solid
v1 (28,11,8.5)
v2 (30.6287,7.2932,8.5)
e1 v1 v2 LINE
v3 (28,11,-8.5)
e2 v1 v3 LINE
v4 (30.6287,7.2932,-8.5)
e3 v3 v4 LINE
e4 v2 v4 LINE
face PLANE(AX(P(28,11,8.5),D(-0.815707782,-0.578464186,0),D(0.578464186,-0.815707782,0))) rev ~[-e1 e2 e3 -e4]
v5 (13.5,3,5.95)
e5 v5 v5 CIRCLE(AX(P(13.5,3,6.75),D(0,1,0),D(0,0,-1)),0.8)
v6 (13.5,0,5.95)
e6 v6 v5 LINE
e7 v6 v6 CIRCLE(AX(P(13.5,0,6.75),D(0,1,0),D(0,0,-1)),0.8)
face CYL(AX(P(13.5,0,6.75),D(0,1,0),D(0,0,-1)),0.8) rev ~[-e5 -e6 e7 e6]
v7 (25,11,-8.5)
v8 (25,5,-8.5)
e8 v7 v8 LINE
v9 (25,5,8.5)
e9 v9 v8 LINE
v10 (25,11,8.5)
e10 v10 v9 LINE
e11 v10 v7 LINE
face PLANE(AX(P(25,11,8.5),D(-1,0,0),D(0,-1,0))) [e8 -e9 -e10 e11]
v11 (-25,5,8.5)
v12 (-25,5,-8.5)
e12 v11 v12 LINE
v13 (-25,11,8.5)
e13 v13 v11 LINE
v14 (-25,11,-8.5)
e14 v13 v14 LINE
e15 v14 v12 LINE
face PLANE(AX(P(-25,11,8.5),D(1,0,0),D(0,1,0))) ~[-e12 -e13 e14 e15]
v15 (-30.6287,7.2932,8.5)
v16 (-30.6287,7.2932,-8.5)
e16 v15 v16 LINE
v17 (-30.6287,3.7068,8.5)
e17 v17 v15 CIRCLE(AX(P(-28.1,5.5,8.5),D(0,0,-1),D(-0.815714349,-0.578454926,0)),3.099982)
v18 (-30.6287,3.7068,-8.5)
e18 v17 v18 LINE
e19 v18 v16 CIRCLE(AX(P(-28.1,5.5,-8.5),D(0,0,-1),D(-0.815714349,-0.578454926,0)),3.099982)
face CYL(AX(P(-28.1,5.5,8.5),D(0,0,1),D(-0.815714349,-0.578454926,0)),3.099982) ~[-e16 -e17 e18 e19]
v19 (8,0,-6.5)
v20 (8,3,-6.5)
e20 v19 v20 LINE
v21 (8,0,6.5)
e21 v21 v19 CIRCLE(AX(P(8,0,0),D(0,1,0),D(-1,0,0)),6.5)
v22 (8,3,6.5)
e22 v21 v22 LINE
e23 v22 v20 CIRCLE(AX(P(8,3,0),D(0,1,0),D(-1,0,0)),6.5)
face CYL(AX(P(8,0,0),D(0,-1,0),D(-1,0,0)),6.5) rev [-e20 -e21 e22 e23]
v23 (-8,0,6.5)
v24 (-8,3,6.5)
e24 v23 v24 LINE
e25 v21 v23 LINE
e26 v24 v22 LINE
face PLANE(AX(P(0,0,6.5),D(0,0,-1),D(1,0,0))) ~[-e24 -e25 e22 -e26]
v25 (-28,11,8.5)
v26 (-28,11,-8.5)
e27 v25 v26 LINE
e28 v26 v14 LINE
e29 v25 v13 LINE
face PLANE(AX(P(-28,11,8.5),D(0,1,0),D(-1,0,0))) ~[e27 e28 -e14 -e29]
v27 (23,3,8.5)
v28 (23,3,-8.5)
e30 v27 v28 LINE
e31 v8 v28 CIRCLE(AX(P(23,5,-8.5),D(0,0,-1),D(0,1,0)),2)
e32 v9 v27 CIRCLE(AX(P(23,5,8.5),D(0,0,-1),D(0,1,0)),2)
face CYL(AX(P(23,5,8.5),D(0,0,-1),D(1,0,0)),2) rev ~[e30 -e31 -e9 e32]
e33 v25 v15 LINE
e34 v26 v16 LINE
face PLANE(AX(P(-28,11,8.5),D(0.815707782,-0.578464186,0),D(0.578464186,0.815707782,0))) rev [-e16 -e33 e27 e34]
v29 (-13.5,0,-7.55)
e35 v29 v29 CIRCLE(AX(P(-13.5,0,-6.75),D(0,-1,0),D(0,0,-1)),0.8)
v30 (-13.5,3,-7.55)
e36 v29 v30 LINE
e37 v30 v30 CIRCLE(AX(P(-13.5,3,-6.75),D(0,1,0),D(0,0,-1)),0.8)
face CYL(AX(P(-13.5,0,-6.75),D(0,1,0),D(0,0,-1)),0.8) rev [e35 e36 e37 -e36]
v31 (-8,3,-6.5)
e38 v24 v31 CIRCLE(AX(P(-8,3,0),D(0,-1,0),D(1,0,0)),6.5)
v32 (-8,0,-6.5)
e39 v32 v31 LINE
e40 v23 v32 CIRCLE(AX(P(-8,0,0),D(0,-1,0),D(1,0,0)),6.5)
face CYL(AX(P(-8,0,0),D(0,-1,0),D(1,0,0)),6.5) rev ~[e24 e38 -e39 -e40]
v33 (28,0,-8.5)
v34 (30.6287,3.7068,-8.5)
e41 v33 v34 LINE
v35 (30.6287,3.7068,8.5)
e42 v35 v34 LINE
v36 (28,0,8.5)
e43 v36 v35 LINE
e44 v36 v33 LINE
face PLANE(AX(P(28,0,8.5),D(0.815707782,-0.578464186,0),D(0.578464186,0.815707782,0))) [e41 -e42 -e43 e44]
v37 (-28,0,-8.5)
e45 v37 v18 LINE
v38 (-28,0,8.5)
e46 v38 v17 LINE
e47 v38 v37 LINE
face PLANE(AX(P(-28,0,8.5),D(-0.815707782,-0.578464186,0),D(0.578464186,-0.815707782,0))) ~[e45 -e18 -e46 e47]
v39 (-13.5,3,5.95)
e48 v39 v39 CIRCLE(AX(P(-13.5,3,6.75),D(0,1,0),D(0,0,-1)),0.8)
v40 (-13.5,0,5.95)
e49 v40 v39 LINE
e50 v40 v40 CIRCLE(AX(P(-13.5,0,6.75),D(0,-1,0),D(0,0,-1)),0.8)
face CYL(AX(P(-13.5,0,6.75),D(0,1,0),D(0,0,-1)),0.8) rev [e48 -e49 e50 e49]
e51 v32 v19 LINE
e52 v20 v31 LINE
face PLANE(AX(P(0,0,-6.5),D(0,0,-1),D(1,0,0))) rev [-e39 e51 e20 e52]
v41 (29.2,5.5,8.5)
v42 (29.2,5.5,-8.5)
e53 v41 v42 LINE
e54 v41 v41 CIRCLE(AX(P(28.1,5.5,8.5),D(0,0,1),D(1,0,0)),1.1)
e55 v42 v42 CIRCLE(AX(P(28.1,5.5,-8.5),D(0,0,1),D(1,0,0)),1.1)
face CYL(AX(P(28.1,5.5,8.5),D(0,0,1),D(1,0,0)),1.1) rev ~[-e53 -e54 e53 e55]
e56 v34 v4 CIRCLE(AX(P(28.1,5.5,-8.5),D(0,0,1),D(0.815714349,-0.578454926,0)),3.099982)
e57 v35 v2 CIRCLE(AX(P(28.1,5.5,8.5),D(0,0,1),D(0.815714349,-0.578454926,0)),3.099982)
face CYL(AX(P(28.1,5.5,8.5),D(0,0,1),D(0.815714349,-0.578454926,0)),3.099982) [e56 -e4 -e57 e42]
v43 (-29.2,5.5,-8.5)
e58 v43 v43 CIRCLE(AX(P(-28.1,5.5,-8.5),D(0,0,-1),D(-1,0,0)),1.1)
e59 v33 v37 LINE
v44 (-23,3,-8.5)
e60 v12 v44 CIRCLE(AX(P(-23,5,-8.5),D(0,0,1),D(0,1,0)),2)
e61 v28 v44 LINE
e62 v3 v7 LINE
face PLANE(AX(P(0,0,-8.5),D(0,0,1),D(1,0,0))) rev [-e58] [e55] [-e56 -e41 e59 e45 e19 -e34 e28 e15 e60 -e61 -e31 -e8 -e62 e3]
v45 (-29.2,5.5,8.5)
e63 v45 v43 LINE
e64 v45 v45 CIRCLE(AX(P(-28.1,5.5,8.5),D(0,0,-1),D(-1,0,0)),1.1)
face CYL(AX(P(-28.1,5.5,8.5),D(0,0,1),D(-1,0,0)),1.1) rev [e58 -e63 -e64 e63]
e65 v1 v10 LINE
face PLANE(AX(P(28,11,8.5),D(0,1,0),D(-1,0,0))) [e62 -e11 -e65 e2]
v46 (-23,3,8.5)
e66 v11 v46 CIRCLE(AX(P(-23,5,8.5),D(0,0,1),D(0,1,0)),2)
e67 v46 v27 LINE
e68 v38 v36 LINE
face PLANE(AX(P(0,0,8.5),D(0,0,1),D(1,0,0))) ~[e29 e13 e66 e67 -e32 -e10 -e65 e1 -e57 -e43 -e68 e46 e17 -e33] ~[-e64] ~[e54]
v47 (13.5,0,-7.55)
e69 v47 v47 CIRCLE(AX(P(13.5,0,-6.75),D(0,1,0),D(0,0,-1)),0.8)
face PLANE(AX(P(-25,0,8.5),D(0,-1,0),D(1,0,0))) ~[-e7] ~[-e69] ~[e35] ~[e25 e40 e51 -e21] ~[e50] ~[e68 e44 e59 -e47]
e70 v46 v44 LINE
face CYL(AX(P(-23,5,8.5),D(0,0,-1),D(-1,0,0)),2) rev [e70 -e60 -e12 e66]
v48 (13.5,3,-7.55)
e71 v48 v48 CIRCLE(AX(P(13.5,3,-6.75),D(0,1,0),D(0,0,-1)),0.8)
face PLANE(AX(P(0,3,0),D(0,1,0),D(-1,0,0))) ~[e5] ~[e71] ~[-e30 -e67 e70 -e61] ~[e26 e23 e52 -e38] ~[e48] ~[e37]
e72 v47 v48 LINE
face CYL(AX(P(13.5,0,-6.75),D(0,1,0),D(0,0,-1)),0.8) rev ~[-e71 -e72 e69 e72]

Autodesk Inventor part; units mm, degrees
ref_plane "YZ Plane" through (0, 0, 0) normal (1, 0, 0) x (0, 1, 0)
ref_plane "XZ Plane" through (0, 0, 0) normal (0, 1, 0) x (-1, 0, 0)
ref_plane "XY Plane" through (0, 0, 0) normal (0, 0, 1) x (1, 0, 0)
sketch "スケッチ1" plane through (0, 0, 0) normal (0, 1, 0) x (-1, 0, 0)
  line L0 (0, 6.75) -> (-13.5, 6.75) construction
  line L1 (-13.5, 6.75) -> (-13.5, -6.75) construction
  line L2 (-13.5, -6.75) -> (0, -6.75) construction
  line L3 (0, -6.75) -> (0, 6.75) construction
  circle A0 centre (-8, 0) radius 6.5
  line L4 (0, 8.5) -> (-25, 8.5)
  line L5 (-25, 8.5) -> (-25, -8.5)
  line L6 (-25, -8.5) -> (0, -8.5)
  line L7 (0, -8.5) -> (0, 8.5)
  line L8 (-25, 8.5) -> (-27.8, 8.5)
  line L9 (-27.8, 8.5) -> (-27.8, -8.5)
  line L10 (-27.8, -8.5) -> (-25, -8.5)
  line L11 (-25, -8.5) -> (-25, 8.5)
  line L12 (0, 6.5) -> (-8, 6.5)
  line L13 (0, -6.5) -> (-8, -6.5)
  point P0 (0, 0)
  point P1 (0, 0)
  dimension "d0" = 13.5
  dimension "d1" = 13.5
  dimension "d2" = 8
  dimension "d3" = 13
  dimension "d4" = 17
  dimension "d5" = 25
  dimension "d6" = 2.8
extrude "押し出し1" add sketch "スケッチ1" along normal blind 3 contours A0 L13 L7 L6 L5 L4 L12
hole "穴1" at (13.5, 0, -6.75) at (13.5, 0, 6.75) direction (0, 1, 0) diameter 1.6 end through all clearance for "Flat Head Machine Screw (82)" size "#0" standard "Ansi Unified Screw Threads"
sketch "スケッチ2" plane through (0, 0, 8.5) normal (0, 0, 1) x (1, 0, 0)
  line L0 (25, 0) -> (25, 3) projected
  line L1 (0, 3) -> (25, 3) projected
  line L2 (25, 0) -> (28, 0)
  line L3 (28, 0) -> (28, 11) construction
  line L4 (28, 11) -> (25, 11)
  line L5 (25, 11) -> (25, 0)
  circle A0 centre (28.1, 5.5) radius 1.1
  arc A1 (30.6287, 7.2932) -> (30.6287, 3.7068) centre (28.1, 5.5) ccw construction
  line L6 (28, 11) -> (30.6287, 7.2932)
  line L7 (28, 0) -> (30.6287, 3.7068)
  arc A2 (30.6287, 3.7068) -> (30.6287, 7.2932) centre (28.1, 5.5) ccw
  dimension "d9" = 2.2
  dimension "d10" = 3
  dimension "d12" = 8
  dimension "d13" = 6.2
extrude "押し出し2" add sketch "スケッチ2" against normal up to surface (17 mm away)
fillet "フィレット1" radius 2 1 edges at (25, 3, 0)
mirror "ミラー1" about plane through (0, 0, -8.5) normal (-1, 0, 0) of "押し出し1", "穴1", "押し出し2", "フィレット1"
properties part number "Ultrasonic_holder"
